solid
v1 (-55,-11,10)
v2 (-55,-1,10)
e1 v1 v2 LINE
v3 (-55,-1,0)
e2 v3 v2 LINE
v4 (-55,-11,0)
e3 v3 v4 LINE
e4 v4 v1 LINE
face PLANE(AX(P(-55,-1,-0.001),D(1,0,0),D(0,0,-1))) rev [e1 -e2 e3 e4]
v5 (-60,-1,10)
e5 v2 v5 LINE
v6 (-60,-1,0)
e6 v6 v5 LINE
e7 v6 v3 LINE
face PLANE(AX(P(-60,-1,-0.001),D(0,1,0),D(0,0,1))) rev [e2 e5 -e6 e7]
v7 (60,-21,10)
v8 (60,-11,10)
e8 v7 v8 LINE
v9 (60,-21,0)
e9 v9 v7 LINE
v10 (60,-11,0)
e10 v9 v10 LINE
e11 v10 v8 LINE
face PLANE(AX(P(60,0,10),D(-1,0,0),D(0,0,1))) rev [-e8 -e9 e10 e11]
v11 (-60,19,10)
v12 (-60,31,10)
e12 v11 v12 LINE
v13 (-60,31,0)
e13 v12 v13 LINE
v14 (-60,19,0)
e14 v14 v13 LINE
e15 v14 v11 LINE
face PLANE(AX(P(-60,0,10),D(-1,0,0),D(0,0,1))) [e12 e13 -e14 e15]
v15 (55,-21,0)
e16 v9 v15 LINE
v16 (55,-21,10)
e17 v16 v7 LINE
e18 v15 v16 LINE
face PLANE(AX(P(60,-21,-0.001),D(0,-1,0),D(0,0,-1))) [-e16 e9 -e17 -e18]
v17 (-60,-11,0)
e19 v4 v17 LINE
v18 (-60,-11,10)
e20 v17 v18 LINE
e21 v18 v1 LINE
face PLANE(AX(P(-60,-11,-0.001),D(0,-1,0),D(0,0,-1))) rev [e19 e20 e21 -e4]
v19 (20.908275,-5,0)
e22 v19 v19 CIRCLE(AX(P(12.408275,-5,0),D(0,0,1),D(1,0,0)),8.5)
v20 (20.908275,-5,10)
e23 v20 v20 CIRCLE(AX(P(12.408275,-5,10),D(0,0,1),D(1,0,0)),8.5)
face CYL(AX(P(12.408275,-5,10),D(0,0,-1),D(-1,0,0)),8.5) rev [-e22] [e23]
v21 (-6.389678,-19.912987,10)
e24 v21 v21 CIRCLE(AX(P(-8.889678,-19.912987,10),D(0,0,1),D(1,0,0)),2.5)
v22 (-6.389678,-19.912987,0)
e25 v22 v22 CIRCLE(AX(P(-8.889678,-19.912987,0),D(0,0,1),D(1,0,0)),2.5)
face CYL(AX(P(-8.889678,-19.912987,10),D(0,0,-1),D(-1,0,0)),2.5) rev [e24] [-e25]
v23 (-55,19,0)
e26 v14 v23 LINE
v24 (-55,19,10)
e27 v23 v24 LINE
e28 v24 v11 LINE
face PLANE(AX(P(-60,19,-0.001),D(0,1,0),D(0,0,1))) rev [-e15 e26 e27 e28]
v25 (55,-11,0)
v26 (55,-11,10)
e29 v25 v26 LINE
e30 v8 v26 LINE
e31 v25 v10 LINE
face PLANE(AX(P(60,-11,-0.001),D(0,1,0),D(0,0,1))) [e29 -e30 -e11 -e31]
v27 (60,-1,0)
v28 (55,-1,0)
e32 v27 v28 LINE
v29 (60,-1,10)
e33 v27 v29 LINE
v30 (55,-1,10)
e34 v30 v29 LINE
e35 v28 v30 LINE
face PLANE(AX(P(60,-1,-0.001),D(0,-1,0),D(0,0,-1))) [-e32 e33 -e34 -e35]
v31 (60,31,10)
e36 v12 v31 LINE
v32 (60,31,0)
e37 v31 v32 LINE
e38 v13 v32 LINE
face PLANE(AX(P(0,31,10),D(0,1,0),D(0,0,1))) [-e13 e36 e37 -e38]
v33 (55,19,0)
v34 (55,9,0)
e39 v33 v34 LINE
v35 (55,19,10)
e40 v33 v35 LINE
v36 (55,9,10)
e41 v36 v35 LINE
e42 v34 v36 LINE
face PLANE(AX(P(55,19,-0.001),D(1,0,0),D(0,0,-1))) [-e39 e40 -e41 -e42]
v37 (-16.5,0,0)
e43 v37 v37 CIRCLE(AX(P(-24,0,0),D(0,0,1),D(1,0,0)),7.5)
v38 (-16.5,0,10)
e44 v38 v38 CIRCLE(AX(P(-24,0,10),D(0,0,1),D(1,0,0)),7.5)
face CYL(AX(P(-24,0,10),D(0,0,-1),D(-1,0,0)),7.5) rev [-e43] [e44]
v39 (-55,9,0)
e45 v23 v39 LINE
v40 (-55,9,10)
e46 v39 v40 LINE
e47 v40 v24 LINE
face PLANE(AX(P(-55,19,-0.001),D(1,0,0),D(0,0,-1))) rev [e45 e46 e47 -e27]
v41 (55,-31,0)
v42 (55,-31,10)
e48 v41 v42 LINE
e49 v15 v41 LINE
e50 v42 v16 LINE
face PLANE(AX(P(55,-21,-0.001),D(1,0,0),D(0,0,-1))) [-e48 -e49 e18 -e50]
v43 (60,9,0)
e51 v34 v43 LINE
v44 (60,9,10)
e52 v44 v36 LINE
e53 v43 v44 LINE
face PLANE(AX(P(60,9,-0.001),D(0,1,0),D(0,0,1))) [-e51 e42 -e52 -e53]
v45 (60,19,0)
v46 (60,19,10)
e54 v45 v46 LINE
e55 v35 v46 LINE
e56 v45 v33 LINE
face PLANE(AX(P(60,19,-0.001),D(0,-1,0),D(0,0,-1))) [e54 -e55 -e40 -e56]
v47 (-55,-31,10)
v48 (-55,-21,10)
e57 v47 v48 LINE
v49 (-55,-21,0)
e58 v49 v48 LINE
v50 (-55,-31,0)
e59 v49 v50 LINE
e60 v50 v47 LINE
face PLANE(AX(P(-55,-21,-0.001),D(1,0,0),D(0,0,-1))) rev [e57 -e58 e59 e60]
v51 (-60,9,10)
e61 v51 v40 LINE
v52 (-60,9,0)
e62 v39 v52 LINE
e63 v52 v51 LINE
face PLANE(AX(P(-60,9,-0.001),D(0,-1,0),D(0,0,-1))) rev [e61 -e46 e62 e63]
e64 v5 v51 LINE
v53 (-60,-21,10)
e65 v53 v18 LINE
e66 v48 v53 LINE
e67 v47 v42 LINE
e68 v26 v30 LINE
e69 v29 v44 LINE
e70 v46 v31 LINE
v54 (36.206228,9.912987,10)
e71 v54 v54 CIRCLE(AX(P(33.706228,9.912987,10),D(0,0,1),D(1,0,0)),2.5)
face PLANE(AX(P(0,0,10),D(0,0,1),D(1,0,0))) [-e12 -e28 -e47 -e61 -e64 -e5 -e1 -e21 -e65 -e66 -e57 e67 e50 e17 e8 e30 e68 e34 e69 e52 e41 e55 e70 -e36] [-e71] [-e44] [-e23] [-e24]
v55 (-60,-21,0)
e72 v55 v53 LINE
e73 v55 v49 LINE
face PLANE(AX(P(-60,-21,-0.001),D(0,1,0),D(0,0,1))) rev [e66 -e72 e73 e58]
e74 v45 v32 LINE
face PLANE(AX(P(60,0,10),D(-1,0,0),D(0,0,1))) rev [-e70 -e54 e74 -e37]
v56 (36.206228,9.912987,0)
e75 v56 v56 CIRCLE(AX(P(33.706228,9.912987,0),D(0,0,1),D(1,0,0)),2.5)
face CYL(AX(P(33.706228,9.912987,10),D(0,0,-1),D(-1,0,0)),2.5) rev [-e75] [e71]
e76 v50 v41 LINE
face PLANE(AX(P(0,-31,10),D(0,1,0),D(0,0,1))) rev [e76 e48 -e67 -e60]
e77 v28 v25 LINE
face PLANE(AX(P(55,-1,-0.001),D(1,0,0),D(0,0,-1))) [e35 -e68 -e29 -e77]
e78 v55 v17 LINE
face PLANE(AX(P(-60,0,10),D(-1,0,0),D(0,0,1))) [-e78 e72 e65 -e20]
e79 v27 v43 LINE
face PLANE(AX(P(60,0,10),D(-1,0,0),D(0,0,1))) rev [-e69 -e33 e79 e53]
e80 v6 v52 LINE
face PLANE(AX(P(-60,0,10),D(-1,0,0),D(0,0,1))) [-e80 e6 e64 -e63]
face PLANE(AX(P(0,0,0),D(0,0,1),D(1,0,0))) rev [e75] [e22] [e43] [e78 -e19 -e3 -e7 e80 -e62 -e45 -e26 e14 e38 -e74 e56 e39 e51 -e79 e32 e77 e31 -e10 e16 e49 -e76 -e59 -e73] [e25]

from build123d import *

# Parameters (mm, degrees)
SKETCH_2_W               = 120
SKETCH_2_H               = 62
SKETCH_2_R               = 8.5
SKETCH_2_R_2             = 7.5
SKETCH_2_R_3             = 2.5
EXTRUDE_1_DEPTH          = 10
CUT_EXTRUDE_1_REACH      = 70.272
SKETCH_3_W               = 5
SKETCH_3_H               = 10
PATTERN_LINEAR_1_COUNT   = 3
PATTERN_LINEAR_1_PITCH   = 20
MIRROR_1_COPY_1_REACH    = 70.272
MIRROR_1_COPY_1_SKETCH_W = 5
MIRROR_1_COPY_1_SKETCH_H = 10
MIRROR_1_COPY_2_REACH    = 70.272
MIRROR_1_COPY_2_SKETCH_W = 5
MIRROR_1_COPY_2_SKETCH_H = 10


with BuildPart() as part:
    # 스케치2 → 보스-돌출1 (new body)
    with BuildSketch(Plane.XY):
        Rectangle(SKETCH_2_W, SKETCH_2_H)
        with Locations((12.408275183, -5)):
            Circle(SKETCH_2_R, mode=Mode.SUBTRACT)
        with Locations((-24, 0)):
            Circle(SKETCH_2_R_2, mode=Mode.SUBTRACT)
        with Locations((33.706228335, 9.912987345)):
            Circle(SKETCH_2_R_3, mode=Mode.SUBTRACT)
        with Locations((-8.889677969, -19.912987345)):
            Circle(SKETCH_2_R_3, mode=Mode.SUBTRACT)
    extrude(amount=EXTRUDE_1_DEPTH)

    # 스케치3 → 컷-돌출1 (cut, up to next)
    with BuildSketch(Plane.XY.offset(10), mode=Mode.PRIVATE) as cut_extrude_1_sk1:
        with Locations((-57.5, -26)):
            Rectangle(SKETCH_3_W, SKETCH_3_H)
    cut_extrude_1_tool1 = extrude(cut_extrude_1_sk1.sketch, amount=-CUT_EXTRUDE_1_REACH, mode=Mode.PRIVATE) & part.part
    cut_extrude_1 = cut_extrude_1_tool1.solids().sort_by_distance((-57.5, -26, 10))[0]
    add(cut_extrude_1, mode=Mode.SUBTRACT)

    # 선형 패턴1: 컷-돌출1 ×3
    with Locations(*[(0, i * PATTERN_LINEAR_1_PITCH, 0) for i in range(1, PATTERN_LINEAR_1_COUNT)]):
        add(cut_extrude_1, mode=Mode.SUBTRACT)

    # 대칭 복사1: 컷-돌출1 across plane
    add(cut_extrude_1.mirror(Plane(origin=(0, 0, 0), x_dir=(0, 0, 1), z_dir=(1, 0, 0))), mode=Mode.SUBTRACT)

    # 대칭 복사1 copy 1 sketch → 대칭 복사1 copy 1 (cut, up to next)
    with BuildSketch(Plane(origin=(0, 20, 10), x_dir=(-1, 0, 0), z_dir=(0, 0, 1)), mode=Mode.PRIVATE) as mirror_1_copy_1_sk1:
        with Locations((-57.5, 26)):
            Rectangle(MIRROR_1_COPY_1_SKETCH_W, MIRROR_1_COPY_1_SKETCH_H)
    mirror_1_copy_1_tool1 = extrude(mirror_1_copy_1_sk1.sketch, amount=-MIRROR_1_COPY_1_REACH, mode=Mode.PRIVATE) & part.part
    add(mirror_1_copy_1_tool1.solids().sort_by_distance((57.5, -6, 10))[0], mode=Mode.SUBTRACT)

    # 대칭 복사1 copy 2 sketch → 대칭 복사1 copy 2 (cut, up to next)
    with BuildSketch(Plane(origin=(0, 40, 10), x_dir=(-1, 0, 0), z_dir=(0, 0, 1)), mode=Mode.PRIVATE) as mirror_1_copy_2_sk1:
        with Locations((-57.5, 26)):
            Rectangle(MIRROR_1_COPY_2_SKETCH_W, MIRROR_1_COPY_2_SKETCH_H)
    mirror_1_copy_2_tool1 = extrude(mirror_1_copy_2_sk1.sketch, amount=-MIRROR_1_COPY_2_REACH, mode=Mode.PRIVATE) & part.part
    add(mirror_1_copy_2_tool1.solids().sort_by_distance((57.5, 14, 10))[0], mode=Mode.SUBTRACT)


solid = part.part
